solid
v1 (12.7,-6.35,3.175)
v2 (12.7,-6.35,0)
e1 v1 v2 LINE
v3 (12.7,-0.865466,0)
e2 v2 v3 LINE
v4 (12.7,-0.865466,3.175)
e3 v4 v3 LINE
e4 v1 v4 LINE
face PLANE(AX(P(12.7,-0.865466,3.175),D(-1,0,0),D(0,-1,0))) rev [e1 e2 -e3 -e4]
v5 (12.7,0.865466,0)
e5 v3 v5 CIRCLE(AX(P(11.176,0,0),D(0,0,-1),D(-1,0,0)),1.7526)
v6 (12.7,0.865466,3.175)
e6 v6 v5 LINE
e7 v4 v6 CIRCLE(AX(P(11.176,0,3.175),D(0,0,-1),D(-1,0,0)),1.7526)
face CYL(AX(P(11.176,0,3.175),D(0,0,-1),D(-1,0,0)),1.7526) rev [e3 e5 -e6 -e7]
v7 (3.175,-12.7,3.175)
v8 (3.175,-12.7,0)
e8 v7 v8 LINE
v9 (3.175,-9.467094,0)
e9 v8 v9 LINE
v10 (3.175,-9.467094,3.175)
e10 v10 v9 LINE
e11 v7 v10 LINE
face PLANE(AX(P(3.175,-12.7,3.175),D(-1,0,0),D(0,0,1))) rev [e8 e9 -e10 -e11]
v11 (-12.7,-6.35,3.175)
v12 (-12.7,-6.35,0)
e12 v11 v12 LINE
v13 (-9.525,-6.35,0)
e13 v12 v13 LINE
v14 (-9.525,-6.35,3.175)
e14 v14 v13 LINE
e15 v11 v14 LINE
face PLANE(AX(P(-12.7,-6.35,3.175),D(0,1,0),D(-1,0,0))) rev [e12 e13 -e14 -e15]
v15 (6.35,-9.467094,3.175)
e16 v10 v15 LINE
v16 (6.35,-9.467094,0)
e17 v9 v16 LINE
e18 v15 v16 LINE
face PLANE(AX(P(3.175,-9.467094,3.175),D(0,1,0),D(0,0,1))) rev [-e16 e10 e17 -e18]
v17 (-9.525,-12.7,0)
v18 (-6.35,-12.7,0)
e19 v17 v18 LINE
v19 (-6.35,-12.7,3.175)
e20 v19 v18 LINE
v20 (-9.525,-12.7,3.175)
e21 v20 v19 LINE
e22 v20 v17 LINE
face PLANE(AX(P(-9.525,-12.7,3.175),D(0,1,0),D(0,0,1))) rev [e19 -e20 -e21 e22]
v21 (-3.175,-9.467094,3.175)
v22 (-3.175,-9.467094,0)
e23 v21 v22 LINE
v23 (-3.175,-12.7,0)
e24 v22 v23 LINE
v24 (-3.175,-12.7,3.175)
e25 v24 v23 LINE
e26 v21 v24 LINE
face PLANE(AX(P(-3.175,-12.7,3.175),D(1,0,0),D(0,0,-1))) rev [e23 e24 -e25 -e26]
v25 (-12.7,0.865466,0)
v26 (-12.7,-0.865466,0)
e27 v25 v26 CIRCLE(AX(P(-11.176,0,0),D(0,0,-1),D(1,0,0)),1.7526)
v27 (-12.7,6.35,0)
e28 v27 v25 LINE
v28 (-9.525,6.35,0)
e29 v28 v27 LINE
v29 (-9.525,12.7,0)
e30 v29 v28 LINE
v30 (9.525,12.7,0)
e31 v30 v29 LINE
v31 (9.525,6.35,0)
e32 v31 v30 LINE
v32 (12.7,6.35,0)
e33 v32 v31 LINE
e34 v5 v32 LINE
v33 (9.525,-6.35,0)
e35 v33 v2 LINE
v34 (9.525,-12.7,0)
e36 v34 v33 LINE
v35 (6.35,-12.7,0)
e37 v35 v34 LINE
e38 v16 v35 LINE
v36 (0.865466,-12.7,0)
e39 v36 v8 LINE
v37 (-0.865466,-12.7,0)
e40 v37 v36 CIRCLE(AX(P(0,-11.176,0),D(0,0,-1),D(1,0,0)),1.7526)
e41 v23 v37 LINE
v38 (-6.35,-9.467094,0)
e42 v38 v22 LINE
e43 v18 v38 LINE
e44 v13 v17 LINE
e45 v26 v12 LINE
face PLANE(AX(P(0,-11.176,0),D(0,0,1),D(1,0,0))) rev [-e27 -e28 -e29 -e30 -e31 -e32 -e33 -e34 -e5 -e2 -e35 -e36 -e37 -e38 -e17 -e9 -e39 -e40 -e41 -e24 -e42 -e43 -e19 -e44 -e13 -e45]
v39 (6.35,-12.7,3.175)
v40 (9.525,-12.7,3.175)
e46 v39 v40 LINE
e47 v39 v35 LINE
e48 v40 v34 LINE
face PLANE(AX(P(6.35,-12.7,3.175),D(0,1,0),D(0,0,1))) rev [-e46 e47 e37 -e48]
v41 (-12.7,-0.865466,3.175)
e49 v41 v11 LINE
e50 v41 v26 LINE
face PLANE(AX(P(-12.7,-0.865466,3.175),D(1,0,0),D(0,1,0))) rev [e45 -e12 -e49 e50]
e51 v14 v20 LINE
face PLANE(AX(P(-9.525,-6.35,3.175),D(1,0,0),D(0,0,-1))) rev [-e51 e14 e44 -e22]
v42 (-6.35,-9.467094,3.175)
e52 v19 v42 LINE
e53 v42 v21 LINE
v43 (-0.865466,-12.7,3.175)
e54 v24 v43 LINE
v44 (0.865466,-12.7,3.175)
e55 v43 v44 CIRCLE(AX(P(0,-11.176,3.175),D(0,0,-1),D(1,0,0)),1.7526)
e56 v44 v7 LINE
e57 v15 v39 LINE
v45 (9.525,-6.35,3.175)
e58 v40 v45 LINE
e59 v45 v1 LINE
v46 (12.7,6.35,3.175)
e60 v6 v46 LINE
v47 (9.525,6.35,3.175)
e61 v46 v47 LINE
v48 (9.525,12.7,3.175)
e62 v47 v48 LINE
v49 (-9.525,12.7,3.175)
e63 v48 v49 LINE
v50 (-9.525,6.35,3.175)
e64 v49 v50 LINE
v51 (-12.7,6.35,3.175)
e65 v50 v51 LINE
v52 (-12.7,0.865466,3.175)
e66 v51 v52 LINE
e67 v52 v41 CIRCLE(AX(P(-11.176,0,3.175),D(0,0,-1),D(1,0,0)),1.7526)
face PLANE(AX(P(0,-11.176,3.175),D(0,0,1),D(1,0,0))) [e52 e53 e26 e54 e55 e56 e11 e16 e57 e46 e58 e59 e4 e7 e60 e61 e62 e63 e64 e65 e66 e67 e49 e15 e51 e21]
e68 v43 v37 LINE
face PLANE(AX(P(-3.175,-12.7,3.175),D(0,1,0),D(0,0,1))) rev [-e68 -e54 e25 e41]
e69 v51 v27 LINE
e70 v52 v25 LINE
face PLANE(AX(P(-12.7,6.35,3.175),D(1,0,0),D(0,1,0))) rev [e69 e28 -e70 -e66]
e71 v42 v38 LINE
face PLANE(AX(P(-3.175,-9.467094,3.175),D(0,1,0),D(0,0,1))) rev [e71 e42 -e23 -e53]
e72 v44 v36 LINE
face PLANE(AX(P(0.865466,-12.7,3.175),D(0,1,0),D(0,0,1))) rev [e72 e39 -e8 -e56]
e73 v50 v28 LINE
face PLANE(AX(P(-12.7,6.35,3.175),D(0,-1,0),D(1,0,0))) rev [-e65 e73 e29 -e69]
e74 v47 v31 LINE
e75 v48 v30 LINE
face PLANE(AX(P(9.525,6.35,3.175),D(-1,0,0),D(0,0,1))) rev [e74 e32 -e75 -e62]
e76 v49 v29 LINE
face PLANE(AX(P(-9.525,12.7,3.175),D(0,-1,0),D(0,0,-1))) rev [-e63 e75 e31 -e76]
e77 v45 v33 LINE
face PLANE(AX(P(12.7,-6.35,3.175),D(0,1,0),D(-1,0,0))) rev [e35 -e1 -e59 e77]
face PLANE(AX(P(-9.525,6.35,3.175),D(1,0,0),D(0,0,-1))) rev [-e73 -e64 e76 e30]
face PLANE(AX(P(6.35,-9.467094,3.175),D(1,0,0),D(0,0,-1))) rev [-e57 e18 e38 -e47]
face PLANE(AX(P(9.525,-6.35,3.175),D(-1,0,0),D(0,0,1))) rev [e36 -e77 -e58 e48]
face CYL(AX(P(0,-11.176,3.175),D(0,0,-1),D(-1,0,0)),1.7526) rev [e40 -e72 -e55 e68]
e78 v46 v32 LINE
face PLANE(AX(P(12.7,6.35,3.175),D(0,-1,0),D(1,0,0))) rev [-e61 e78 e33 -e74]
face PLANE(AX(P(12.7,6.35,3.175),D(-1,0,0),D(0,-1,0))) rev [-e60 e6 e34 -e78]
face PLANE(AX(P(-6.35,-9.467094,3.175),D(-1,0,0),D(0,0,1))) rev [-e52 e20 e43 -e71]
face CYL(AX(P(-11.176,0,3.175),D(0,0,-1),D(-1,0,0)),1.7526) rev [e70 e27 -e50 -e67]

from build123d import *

# Parameters (mm, degrees)
BOSS_EXTRUDE1_DEPTH = 3.175


with BuildPart() as part:
    # Sketch1 → Boss-Extrude1 (new body)
    with BuildSketch(Plane.XY):
        with BuildLine():
            Line((-9.525, 12.7), (9.525, 12.7))
            Line((9.525, 12.7), (9.525, 6.35))
            Line((9.525, 6.35), (12.7, 6.35))
            Line((12.7, 6.35), (12.7, 0.865465632))
            ThreePointArc((12.7, 0.865465632), (9.4234, 0), (12.7, -0.865465632))
            Line((12.7, -0.865465632), (12.7, -6.35))
            Line((12.7, -6.35), (9.525, -6.35))
            Line((9.525, -6.35), (9.525, -12.7))
            Line((9.525, -12.7), (6.35, -12.7))
            Line((6.35, -12.7), (6.35, -9.467093743))
            Line((6.35, -9.467093743), (3.175, -9.467093743))
            Line((3.175, -9.467093743), (3.175, -12.7))
            Line((3.175, -12.7), (0.865465632, -12.7))
            ThreePointArc((0.865465632, -12.7), (0, -9.4234), (-0.865465632, -12.7))
            Line((-0.865465632, -12.7), (-3.175, -12.7))
            Line((-3.175, -12.7), (-3.175, -9.467093743))
            Line((-3.175, -9.467093743), (-6.35, -9.467093743))
            Line((-6.35, -9.467093743), (-6.35, -12.7))
            Line((-6.35, -12.7), (-9.525, -12.7))
            Line((-9.525, -12.7), (-9.525, -6.35))
            Line((-9.525, -6.35), (-12.7, -6.35))
            Line((-12.7, -6.35), (-12.7, -0.865465632))
            ThreePointArc((-12.7, -0.865465632), (-9.4234, 0), (-12.7, 0.865465632))
            Line((-12.7, 0.865465632), (-12.7, 6.35))
            Line((-12.7, 6.35), (-9.525, 6.35))
            Line((-9.525, 6.35), (-9.525, 12.7))
        make_face()
    extrude(amount=BOSS_EXTRUDE1_DEPTH)


solid = part.part
